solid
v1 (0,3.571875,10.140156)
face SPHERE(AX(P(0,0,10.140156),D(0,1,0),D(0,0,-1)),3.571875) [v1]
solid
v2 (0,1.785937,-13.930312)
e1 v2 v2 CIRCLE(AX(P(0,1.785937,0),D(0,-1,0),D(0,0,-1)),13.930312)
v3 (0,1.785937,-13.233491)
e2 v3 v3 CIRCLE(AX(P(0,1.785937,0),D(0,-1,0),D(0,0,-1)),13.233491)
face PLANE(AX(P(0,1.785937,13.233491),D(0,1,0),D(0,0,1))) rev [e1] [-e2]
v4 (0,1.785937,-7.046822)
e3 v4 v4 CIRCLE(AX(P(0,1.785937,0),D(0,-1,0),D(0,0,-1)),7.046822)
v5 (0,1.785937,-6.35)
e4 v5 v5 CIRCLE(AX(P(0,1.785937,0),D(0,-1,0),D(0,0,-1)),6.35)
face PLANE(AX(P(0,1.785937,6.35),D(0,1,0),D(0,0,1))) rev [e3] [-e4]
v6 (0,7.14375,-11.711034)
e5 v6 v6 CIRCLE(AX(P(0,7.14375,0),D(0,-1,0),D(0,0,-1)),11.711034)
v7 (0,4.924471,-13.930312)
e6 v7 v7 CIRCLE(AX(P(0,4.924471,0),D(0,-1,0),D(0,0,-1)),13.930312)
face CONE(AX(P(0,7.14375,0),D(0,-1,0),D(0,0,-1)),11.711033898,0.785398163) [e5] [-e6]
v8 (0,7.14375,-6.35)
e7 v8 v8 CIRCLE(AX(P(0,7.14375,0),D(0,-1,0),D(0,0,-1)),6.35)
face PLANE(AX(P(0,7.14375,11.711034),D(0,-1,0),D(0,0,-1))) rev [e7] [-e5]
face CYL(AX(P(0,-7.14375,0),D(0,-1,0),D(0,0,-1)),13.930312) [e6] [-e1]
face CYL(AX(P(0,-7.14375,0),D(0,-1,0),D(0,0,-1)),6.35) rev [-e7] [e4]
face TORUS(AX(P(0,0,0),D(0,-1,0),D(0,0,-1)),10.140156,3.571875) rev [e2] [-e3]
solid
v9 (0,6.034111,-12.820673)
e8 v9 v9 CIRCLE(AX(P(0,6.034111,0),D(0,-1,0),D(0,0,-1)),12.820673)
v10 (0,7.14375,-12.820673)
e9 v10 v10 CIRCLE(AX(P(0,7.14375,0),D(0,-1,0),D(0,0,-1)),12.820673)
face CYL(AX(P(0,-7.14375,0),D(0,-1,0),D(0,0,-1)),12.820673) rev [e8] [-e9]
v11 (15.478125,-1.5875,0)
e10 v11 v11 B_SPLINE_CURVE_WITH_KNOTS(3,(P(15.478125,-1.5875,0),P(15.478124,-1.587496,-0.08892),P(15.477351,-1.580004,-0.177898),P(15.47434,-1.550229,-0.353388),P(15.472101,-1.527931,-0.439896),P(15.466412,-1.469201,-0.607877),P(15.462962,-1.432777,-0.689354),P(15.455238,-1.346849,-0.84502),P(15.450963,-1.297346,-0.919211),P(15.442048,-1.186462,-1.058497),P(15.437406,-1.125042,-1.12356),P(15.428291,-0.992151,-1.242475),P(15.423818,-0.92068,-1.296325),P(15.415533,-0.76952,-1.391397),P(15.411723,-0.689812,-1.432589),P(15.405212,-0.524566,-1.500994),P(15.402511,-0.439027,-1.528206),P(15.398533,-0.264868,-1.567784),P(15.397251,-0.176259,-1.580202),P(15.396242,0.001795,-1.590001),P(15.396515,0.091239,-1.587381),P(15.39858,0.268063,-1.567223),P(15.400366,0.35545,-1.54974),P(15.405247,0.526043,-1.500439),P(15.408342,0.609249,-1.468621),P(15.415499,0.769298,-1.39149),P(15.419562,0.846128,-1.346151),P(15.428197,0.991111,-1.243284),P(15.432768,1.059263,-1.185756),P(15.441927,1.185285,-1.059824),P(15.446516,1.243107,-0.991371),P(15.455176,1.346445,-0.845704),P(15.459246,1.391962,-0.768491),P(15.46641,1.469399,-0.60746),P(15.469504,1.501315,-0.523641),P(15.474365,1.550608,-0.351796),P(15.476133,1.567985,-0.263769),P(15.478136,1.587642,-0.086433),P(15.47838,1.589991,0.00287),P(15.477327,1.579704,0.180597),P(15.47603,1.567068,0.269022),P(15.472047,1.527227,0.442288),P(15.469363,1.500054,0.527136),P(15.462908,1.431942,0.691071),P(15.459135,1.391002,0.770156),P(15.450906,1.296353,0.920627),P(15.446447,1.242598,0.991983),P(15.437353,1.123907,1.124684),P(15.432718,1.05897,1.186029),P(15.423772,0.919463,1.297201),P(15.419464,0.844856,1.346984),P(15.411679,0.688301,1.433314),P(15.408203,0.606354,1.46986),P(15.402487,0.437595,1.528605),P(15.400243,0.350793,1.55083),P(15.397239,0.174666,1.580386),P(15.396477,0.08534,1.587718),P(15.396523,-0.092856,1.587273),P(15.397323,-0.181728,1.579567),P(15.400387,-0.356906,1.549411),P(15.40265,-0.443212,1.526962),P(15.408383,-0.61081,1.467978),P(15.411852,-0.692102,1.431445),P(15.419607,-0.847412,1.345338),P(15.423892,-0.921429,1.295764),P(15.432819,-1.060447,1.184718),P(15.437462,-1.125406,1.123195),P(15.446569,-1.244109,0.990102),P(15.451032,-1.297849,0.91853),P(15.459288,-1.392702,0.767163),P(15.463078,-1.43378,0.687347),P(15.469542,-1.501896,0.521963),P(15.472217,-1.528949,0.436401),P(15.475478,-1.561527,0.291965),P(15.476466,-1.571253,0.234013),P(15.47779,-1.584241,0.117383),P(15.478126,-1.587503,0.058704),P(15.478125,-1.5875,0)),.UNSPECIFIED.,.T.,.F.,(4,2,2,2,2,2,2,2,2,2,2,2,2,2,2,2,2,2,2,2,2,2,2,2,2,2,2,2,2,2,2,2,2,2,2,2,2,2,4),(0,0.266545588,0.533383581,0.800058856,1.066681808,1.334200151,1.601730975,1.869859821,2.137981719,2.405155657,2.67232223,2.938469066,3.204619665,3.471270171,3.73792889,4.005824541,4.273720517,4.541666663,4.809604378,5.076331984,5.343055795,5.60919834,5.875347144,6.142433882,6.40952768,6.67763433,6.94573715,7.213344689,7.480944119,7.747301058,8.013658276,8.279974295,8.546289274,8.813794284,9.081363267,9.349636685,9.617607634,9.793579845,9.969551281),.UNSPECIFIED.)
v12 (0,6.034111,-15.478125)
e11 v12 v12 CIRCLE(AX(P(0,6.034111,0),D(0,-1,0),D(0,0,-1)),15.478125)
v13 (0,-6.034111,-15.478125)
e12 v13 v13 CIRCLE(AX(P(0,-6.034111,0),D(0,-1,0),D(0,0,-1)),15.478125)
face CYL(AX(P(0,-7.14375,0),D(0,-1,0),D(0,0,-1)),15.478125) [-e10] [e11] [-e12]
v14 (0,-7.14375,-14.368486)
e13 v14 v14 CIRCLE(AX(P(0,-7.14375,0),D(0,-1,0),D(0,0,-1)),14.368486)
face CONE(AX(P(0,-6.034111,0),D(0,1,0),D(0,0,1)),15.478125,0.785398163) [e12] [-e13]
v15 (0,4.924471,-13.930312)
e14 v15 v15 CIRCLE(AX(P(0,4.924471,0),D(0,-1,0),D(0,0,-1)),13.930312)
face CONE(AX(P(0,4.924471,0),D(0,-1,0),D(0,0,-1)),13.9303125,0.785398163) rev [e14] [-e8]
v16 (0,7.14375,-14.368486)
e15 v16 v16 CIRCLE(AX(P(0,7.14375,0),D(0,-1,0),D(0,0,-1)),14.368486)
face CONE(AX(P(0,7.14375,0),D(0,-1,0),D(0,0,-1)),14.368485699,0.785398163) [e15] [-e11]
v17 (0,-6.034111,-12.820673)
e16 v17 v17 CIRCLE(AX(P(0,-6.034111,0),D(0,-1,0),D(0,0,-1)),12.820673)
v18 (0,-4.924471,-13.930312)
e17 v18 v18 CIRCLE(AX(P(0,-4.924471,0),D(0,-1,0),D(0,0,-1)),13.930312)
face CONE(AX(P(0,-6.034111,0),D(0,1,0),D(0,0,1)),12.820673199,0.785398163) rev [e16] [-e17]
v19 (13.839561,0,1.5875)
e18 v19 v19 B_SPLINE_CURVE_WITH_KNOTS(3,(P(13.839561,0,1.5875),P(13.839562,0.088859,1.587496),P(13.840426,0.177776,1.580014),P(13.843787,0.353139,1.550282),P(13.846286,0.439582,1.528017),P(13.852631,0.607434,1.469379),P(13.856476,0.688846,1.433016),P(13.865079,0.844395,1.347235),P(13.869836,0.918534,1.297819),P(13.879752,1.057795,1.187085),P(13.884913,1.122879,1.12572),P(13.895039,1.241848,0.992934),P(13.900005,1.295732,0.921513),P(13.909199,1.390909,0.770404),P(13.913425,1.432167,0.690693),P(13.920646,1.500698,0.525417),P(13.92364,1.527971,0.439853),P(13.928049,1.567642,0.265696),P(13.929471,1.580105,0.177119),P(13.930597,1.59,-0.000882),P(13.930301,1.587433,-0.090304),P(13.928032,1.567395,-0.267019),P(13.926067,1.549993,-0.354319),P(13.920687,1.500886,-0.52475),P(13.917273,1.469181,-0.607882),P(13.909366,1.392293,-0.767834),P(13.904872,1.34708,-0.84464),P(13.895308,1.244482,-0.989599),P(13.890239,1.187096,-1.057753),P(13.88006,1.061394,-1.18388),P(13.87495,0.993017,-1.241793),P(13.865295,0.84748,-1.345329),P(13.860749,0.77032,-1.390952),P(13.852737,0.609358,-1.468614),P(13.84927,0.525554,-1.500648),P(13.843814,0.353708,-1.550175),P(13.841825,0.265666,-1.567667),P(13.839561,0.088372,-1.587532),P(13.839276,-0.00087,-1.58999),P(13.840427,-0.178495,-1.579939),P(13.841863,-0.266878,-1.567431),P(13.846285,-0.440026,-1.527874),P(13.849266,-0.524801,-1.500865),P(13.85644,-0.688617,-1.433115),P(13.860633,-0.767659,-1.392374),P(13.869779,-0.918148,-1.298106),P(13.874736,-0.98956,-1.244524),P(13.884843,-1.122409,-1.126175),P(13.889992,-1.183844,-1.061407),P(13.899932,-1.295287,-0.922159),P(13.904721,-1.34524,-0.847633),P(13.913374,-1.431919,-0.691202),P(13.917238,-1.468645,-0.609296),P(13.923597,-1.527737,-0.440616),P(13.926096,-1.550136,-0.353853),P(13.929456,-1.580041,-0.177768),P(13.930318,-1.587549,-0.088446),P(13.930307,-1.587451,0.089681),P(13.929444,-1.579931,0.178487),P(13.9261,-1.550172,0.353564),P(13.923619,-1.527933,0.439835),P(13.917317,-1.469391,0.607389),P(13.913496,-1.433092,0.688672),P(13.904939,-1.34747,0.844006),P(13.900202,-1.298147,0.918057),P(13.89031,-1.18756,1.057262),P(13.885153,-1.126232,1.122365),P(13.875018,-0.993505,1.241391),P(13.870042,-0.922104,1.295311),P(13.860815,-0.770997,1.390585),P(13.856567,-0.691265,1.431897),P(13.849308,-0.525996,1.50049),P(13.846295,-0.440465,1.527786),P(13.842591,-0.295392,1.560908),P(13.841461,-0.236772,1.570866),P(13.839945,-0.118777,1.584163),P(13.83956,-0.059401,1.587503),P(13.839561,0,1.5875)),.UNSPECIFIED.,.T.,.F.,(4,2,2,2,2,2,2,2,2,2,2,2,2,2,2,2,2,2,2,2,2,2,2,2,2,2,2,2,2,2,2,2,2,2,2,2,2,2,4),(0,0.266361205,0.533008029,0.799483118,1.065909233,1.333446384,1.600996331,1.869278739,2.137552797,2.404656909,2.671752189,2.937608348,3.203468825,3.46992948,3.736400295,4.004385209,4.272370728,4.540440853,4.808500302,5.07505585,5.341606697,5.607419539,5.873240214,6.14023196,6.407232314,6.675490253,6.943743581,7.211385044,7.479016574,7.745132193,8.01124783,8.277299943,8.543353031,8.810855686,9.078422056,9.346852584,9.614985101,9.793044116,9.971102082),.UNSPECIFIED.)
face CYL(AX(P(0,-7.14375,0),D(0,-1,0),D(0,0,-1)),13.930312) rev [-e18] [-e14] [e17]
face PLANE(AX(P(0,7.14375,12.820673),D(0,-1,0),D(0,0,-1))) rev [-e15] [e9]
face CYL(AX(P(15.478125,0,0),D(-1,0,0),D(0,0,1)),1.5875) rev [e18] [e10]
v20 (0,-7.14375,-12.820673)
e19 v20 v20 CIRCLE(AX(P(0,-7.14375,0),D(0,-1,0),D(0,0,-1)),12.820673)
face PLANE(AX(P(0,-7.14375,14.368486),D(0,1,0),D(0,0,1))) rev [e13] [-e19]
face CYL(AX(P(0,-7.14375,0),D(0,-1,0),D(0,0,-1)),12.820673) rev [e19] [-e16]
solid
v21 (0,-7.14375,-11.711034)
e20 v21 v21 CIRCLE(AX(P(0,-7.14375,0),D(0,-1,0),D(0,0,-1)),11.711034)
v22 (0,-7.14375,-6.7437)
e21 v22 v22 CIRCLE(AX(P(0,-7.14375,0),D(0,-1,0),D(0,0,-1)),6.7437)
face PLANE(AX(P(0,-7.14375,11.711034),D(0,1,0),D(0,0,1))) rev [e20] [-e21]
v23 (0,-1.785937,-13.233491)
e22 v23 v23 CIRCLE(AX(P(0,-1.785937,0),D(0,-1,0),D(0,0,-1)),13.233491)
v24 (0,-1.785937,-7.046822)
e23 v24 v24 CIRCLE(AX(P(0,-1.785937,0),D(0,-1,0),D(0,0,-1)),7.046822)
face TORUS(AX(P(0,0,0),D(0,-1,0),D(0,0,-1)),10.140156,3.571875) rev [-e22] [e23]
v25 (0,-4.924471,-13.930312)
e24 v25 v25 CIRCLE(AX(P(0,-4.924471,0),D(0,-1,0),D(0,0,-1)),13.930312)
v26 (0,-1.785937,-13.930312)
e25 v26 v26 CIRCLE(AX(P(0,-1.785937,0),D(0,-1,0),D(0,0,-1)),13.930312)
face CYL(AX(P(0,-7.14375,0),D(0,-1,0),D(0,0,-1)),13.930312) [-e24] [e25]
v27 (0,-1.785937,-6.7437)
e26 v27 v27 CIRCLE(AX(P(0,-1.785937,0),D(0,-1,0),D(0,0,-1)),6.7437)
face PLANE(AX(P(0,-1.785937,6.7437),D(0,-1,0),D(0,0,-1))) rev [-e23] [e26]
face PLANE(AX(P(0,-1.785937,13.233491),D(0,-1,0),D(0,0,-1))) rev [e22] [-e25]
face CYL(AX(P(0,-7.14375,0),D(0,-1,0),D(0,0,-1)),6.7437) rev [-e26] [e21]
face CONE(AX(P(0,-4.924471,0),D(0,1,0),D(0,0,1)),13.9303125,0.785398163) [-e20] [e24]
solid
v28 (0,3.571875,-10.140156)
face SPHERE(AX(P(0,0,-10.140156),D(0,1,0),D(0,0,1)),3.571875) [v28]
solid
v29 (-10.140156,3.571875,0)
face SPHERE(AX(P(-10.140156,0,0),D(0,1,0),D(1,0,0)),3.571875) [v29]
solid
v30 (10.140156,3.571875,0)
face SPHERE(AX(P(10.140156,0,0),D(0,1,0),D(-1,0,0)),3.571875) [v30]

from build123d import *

# Parameters (mm, degrees)
CIRPATTERN1_COUNT  = 4
CIRPATTERN1_ANGLE  = 270
SKETCH5_R          = 1.5875
CUT_EXTRUDE1_DEPTH = 24.025591656


with BuildPart() as part:
    # Sketch1 → Revolve1 (revolve)
    with BuildSketch(Plane(origin=(0, 0, 0), x_dir=(0, 0, -1), z_dir=(1, 0, 0))):
        with BuildLine():
            Line((-11.711033898, 7.14375), (-6.35, 7.14375))
            Line((-6.35, 7.14375), (-6.35, 1.7859375))
            Line((-6.35, 1.7859375), (-7.046821761, 1.7859375))
            ThreePointArc((-7.046821761, 1.7859375), (-10.14015625, 3.571875), (-13.233490739, 1.7859375))
            Line((-13.233490739, 1.7859375), (-13.9303125, 1.7859375))
            Line((-13.9303125, 1.7859375), (-13.9303125, 4.924471398))
            Line((-13.9303125, 4.924471398), (-11.711033898, 7.14375))
        make_face()
        with BuildLine():
            Line((-6.7437, -7.14375), (-6.7437, -1.7859375))
            Line((-6.7437, -1.7859375), (-7.046821761, -1.7859375))
            ThreePointArc((-7.046821761, -1.7859375), (-10.14015625, -3.571875), (-13.233490739, -1.7859375))
            Line((-13.233490739, -1.7859375), (-13.9303125, -1.7859375))
            Line((-13.9303125, -1.7859375), (-13.9303125, -4.924471398))
            Line((-13.9303125, -4.924471398), (-11.711033898, -7.14375))
            Line((-11.711033898, -7.14375), (-6.7437, -7.14375))
        make_face()
    revolve(axis=Axis((0, -7.14375, 0), (0, 1, 0)))


with BuildPart() as body_2:
    # Sketch3 → Revolve2 (revolve)
    with BuildSketch(Plane(origin=(0, 0, 0), x_dir=(0, 0, -1), z_dir=(1, 0, 0))):
        with BuildLine():
            Line((-10.14015625, 3.571875), (-10.14015625, -3.571875))
            ThreePointArc((-10.14015625, -3.571875), (-13.71203125, 0), (-10.14015625, 3.571875))
        make_face()
    revolve(axis=Axis((0, 3.571875, 10.14015625), (0, -1, 0)))


with BuildPart() as cirpattern1_1:
    # CirPattern1: pattern copy
    add(body_2.part.rotate(Axis((0, 7.14375, 0), (0, -1, 0)), 1 * CIRPATTERN1_ANGLE / (CIRPATTERN1_COUNT - 1)))


with BuildPart() as cirpattern1_2:
    # CirPattern1: pattern copy
    add(body_2.part.rotate(Axis((0, 7.14375, 0), (0, -1, 0)), 2 * CIRPATTERN1_ANGLE / (CIRPATTERN1_COUNT - 1)))


with BuildPart() as cirpattern1_3:
    # CirPattern1: pattern copy
    add(body_2.part.rotate(Axis((0, 7.14375, 0), (0, -1, 0)), 3 * CIRPATTERN1_ANGLE / (CIRPATTERN1_COUNT - 1)))


with BuildPart() as body_6:
    # Sketch4 → Revolve3 (revolve)
    with BuildSketch(Plane(origin=(0, 0, 0), x_dir=(0, 0, -1), z_dir=(1, 0, 0))):
        Polygon((-12.820673199, 7.14375), (-14.368485699, 7.14375), (-15.478125, 6.034110699), (-15.478125, -6.034110699), (-14.368485699, -7.14375), (-12.820673199, -7.14375), (-12.820673199, -6.034110699), (-13.9303125, -4.924471398), (-13.9303125, 4.924471398), (-12.820673199, 6.034110699), align=None)
    revolve(axis=Axis((0, -7.14375, 0), (0, 1, 0)))

    # Sketch5 → Cut-Extrude1 (cut, through all)
    with BuildSketch(Plane(origin=(0, 0, 0), x_dir=(0, 0, -1), z_dir=(1, 0, 0))):
        Circle(SKETCH5_R)
    extrude(amount=CUT_EXTRUDE1_DEPTH, mode=Mode.SUBTRACT)


solid = Compound([part.part, body_2.part, cirpattern1_1.part, cirpattern1_2.part, cirpattern1_3.part, body_6.part])
